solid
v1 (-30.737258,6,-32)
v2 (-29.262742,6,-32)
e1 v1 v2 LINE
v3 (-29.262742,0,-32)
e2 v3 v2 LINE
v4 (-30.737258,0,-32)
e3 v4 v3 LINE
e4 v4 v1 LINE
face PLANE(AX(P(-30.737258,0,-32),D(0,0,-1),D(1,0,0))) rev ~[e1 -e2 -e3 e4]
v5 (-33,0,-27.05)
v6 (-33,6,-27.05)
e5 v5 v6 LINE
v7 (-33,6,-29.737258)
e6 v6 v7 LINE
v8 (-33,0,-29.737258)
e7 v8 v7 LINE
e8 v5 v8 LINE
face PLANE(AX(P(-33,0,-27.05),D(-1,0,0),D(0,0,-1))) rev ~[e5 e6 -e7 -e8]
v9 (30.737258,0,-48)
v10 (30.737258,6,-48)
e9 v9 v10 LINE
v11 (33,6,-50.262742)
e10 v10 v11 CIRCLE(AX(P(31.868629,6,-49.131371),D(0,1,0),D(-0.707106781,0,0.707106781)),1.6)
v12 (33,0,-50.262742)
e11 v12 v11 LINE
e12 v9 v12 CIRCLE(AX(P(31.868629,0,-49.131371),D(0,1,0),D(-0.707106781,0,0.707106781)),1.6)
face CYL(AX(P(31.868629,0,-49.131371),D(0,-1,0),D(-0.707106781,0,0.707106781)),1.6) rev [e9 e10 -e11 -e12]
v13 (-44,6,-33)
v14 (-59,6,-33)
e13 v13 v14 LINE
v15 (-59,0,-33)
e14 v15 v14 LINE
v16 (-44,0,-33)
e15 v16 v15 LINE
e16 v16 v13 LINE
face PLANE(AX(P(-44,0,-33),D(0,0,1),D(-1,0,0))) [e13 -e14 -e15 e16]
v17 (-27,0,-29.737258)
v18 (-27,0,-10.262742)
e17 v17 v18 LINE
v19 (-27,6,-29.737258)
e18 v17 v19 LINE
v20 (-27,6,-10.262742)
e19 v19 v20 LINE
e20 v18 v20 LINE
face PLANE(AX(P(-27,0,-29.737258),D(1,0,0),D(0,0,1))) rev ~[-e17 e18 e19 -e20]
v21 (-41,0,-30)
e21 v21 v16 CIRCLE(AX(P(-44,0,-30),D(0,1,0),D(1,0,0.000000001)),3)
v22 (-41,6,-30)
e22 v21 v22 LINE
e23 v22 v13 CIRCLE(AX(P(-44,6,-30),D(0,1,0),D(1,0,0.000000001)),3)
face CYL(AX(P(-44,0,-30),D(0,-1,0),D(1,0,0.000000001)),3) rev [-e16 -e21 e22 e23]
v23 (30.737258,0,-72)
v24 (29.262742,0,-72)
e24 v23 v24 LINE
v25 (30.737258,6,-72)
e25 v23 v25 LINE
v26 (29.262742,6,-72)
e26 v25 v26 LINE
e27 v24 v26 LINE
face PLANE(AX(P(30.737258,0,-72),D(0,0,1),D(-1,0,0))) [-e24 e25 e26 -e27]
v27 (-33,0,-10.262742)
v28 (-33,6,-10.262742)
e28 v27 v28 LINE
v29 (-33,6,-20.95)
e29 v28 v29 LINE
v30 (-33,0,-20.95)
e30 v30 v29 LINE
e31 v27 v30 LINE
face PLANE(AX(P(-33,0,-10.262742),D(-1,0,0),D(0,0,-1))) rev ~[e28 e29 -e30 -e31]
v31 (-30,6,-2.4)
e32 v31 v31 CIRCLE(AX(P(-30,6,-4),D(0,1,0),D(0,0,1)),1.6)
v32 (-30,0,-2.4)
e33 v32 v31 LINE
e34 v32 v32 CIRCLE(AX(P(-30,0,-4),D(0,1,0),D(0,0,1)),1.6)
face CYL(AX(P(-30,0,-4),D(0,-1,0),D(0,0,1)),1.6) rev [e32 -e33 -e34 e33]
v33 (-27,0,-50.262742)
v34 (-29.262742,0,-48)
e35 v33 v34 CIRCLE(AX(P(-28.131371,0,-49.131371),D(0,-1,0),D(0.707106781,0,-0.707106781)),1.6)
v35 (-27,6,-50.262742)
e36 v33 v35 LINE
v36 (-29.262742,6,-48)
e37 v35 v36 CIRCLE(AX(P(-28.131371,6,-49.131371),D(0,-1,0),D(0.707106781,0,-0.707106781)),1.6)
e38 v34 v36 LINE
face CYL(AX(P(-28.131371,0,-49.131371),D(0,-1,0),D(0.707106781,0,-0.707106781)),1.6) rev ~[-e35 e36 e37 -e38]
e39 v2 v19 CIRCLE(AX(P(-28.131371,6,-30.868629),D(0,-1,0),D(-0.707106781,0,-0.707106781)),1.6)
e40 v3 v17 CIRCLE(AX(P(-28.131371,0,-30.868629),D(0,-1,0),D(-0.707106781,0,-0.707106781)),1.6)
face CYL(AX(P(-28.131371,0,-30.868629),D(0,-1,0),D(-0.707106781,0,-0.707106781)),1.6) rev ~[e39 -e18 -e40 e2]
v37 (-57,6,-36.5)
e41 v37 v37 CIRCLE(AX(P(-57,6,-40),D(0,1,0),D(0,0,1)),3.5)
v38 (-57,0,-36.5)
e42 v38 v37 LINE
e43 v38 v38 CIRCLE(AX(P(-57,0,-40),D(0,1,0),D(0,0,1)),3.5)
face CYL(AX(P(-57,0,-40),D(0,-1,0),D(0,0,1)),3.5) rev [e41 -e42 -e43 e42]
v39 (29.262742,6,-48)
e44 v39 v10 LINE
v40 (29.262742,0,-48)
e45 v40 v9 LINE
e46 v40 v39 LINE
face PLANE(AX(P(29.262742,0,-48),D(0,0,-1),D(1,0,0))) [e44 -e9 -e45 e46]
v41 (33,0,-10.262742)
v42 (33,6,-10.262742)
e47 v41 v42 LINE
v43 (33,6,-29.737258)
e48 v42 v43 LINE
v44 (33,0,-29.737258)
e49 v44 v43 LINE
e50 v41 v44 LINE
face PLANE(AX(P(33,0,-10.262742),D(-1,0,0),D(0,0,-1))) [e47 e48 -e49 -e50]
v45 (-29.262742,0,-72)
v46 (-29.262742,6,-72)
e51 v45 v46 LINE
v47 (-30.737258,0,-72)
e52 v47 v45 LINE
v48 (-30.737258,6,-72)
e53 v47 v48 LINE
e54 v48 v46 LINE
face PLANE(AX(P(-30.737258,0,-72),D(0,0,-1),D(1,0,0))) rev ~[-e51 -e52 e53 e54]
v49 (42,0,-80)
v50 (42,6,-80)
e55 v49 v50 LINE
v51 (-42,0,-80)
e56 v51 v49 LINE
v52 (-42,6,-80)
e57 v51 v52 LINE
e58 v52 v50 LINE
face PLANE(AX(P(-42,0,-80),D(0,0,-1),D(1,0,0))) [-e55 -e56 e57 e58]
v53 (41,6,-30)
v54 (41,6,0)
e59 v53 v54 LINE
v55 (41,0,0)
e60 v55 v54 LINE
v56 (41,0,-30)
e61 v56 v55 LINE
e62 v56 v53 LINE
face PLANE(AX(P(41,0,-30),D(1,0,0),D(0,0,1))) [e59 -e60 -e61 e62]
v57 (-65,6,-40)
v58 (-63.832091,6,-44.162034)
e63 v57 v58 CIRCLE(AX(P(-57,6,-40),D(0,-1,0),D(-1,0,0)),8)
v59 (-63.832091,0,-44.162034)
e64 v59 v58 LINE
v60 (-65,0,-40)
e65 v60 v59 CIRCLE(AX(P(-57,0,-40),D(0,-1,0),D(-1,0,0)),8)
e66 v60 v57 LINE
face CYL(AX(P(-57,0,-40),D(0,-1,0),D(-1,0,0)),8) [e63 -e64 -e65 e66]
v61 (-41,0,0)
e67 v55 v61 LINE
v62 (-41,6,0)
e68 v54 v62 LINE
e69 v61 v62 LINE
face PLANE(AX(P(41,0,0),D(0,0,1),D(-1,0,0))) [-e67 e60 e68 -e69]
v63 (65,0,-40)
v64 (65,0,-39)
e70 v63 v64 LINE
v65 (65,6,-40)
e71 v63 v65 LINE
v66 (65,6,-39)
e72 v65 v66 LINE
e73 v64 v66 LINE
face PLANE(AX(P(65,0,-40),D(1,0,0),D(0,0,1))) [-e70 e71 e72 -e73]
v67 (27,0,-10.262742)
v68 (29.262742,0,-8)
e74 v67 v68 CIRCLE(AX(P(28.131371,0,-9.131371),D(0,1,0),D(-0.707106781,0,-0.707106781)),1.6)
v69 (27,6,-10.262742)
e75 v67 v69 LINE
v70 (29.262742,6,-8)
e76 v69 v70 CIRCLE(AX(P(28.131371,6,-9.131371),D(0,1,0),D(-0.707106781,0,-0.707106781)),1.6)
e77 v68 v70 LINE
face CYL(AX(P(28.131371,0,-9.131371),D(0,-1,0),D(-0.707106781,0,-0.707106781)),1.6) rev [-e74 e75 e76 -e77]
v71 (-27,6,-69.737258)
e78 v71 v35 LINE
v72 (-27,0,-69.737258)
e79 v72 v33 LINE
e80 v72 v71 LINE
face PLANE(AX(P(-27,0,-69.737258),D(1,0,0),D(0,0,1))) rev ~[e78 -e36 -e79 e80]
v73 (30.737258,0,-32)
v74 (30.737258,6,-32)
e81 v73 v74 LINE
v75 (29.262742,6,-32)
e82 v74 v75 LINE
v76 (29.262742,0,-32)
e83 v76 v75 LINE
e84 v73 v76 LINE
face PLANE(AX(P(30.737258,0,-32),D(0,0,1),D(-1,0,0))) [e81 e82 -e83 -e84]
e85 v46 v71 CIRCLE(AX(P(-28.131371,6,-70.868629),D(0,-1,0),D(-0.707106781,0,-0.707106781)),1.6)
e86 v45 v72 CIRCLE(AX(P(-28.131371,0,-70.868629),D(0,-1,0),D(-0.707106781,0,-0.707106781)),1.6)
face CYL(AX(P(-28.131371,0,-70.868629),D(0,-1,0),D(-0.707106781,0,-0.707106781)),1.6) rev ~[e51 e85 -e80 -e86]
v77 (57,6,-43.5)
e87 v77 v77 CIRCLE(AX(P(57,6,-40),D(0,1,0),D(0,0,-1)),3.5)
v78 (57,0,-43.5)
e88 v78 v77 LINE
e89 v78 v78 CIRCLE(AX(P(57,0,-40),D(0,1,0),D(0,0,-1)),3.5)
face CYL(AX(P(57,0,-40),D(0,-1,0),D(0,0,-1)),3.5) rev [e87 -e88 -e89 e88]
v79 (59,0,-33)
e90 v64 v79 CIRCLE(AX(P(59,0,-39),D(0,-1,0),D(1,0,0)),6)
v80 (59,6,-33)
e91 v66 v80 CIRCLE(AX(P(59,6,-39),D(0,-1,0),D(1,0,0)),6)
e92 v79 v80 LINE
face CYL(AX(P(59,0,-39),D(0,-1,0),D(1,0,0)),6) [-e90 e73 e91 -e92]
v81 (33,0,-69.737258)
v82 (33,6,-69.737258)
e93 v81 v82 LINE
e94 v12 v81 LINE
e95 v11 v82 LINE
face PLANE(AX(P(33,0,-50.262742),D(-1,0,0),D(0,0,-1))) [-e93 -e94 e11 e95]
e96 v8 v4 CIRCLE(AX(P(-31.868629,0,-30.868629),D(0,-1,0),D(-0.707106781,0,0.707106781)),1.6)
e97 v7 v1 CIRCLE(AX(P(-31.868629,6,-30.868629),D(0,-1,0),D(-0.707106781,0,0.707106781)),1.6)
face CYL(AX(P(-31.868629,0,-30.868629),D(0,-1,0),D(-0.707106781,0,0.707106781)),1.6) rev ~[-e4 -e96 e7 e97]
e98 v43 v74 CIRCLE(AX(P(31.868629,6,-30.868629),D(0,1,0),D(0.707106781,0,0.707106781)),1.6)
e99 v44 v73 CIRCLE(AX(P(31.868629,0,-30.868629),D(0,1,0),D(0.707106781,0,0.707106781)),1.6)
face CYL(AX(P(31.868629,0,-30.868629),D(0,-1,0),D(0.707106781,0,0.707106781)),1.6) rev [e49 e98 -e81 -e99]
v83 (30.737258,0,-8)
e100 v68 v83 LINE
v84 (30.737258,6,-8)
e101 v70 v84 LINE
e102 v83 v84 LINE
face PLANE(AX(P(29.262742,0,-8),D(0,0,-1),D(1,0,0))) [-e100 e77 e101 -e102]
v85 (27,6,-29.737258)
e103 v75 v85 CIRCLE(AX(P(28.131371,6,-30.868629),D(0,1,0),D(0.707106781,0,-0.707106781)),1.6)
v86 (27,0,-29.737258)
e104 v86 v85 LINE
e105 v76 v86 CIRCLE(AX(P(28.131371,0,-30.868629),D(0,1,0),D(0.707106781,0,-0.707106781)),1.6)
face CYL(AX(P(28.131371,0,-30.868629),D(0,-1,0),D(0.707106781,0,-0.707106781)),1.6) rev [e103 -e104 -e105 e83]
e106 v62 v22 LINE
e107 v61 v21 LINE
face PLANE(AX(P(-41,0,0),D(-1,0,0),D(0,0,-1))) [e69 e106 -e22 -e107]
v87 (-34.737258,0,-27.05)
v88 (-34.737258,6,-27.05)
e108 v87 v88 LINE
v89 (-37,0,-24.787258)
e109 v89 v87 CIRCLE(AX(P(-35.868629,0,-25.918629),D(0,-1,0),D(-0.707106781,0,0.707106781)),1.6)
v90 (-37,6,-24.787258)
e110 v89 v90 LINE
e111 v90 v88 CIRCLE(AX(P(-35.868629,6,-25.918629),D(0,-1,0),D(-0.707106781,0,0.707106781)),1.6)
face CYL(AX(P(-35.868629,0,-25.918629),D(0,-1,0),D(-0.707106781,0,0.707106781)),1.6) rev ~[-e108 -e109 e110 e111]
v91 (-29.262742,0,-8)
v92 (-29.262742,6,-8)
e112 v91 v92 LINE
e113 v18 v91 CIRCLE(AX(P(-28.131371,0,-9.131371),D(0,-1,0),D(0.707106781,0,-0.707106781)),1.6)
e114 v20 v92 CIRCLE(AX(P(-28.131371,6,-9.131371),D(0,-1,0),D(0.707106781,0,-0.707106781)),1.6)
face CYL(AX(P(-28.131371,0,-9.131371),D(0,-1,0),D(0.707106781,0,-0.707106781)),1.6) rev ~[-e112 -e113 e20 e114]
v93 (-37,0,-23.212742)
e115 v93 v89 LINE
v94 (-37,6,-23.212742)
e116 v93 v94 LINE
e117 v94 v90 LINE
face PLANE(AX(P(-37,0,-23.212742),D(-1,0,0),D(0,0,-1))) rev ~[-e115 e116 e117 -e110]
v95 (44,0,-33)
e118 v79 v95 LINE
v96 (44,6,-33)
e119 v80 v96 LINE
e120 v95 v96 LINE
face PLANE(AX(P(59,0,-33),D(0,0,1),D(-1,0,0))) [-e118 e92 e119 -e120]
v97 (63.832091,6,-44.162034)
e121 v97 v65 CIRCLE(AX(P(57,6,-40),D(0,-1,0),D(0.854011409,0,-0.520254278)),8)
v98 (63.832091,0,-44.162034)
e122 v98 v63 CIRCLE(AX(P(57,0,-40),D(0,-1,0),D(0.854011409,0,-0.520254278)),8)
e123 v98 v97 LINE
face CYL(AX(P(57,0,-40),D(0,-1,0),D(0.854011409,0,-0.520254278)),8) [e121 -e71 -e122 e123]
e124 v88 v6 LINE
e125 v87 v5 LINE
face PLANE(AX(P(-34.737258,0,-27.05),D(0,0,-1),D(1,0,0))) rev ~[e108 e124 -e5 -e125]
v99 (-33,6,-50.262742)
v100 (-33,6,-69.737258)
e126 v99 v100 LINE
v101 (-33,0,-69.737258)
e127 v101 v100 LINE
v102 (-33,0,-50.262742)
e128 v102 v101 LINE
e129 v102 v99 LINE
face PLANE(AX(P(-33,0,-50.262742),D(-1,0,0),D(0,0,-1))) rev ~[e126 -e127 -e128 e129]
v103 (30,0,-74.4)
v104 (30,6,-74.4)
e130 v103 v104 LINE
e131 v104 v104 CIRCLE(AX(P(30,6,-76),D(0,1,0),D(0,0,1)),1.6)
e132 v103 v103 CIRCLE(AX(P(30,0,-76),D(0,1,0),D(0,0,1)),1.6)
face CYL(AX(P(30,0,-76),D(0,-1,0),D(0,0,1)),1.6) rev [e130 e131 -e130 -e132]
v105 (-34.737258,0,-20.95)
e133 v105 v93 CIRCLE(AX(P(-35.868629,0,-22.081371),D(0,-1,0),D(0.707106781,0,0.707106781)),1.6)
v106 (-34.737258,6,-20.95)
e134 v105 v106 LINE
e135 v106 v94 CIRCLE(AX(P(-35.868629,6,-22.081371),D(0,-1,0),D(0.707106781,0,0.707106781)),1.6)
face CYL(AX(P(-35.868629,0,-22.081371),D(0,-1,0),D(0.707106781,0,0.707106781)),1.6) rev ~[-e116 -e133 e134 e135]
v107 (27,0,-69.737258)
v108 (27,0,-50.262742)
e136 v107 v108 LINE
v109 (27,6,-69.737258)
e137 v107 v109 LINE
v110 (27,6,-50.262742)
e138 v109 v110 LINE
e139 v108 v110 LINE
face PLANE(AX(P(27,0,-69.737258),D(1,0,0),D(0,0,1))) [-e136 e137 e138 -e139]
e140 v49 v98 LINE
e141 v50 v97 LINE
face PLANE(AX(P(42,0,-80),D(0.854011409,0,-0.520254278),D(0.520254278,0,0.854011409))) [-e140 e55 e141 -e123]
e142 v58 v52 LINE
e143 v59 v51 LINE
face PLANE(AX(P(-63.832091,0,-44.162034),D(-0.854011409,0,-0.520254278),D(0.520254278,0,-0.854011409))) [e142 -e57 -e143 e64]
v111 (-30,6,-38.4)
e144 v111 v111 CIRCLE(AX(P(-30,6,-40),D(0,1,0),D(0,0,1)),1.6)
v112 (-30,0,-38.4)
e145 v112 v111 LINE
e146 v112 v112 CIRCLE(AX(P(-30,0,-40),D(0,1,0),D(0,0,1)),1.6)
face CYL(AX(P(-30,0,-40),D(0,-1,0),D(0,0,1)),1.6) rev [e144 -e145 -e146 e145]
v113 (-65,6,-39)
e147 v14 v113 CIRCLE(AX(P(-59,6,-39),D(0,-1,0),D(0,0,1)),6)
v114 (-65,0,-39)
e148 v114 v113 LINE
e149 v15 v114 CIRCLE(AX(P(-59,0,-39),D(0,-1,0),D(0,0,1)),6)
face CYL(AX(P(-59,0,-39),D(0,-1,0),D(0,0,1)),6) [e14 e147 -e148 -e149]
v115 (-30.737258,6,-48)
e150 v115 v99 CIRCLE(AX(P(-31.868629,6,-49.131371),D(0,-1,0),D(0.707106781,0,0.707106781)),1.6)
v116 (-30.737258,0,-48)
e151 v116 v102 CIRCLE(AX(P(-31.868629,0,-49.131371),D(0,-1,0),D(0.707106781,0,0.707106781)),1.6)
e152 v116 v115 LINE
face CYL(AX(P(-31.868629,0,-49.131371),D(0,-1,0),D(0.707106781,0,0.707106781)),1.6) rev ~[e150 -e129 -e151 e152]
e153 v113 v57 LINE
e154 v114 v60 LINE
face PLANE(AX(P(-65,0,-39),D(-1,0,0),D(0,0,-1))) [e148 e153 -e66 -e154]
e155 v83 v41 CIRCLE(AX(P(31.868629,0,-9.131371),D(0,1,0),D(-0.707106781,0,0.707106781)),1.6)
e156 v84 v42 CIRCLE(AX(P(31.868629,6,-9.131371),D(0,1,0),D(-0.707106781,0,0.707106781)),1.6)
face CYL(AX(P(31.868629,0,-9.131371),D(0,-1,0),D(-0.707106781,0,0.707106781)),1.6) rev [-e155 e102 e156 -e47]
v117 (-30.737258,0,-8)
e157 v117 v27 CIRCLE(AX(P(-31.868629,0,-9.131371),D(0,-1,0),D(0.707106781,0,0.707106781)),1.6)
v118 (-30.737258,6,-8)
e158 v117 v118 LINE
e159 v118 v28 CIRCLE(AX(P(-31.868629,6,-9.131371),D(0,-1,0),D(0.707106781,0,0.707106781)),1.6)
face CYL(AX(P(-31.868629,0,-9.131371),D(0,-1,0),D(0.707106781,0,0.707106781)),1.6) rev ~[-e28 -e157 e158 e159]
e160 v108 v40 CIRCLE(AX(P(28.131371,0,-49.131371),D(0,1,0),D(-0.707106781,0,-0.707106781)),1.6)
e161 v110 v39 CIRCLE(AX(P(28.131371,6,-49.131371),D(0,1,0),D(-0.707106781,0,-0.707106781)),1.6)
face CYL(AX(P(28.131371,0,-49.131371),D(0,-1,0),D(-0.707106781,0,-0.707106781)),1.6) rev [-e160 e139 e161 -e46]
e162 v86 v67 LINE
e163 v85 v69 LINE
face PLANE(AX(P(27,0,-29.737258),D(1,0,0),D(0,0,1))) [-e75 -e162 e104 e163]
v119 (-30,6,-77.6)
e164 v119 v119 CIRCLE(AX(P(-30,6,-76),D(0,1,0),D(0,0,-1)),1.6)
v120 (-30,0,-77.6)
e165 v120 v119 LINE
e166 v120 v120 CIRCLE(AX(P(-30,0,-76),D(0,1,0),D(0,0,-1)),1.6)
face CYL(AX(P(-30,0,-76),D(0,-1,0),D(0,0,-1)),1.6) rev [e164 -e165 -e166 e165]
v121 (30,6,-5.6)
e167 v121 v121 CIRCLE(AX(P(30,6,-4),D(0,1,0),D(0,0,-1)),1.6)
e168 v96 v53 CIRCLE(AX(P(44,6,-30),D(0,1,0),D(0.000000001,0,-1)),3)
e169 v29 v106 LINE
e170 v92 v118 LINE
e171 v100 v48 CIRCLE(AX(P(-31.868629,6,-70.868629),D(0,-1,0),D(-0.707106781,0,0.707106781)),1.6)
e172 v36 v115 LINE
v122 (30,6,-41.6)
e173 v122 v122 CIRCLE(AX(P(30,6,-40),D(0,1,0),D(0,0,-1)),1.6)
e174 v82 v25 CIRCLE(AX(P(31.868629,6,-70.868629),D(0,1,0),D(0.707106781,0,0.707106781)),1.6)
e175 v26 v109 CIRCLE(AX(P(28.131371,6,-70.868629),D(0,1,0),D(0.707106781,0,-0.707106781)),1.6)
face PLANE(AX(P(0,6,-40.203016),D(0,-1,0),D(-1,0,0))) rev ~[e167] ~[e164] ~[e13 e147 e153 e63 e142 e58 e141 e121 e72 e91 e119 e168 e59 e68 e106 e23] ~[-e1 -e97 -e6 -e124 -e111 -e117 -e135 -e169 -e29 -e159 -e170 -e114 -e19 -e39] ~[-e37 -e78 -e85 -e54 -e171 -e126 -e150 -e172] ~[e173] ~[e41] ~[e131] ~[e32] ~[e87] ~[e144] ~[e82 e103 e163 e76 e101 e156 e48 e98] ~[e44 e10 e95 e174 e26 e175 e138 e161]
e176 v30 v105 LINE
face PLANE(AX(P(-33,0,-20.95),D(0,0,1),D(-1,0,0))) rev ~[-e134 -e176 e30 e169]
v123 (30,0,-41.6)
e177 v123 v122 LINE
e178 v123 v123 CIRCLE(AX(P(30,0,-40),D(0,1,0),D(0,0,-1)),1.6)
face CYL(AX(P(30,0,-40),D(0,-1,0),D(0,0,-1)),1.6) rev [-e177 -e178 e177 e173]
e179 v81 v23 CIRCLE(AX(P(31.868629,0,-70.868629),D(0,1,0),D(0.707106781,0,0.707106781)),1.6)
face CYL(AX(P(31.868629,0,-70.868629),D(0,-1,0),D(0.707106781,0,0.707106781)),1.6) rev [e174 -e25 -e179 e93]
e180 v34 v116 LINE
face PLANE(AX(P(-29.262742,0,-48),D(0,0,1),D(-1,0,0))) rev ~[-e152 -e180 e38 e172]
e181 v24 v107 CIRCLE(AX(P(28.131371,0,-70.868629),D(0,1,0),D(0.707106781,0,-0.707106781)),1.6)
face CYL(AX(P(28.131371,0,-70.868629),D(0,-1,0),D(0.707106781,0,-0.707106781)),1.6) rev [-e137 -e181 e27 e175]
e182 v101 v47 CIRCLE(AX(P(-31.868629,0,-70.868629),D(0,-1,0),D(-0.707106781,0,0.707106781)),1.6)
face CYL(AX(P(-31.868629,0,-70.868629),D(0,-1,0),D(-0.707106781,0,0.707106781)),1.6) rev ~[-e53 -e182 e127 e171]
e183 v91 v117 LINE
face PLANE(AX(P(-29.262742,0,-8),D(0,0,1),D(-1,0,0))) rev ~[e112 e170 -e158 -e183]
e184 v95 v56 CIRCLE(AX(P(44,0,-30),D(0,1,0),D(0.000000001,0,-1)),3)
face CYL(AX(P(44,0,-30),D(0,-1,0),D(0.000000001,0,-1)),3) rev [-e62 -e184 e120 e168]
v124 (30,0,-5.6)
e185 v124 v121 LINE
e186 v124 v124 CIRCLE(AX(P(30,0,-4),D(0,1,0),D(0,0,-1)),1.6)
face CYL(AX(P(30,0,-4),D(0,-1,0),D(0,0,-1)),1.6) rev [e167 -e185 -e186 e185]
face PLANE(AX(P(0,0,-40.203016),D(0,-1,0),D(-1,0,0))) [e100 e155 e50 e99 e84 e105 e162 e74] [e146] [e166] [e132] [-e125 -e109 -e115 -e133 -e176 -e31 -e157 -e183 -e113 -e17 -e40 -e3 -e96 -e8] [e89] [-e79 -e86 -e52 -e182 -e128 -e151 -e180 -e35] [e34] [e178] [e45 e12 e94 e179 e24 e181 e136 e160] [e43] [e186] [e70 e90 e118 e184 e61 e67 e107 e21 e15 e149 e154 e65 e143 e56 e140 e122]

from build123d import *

# Parameters (mm, degrees)
ESQUISSE1_R      = 1.6
ESQUISSE1_R_2    = 3.5
EXTRUSION1_DEPTH = 6


with BuildPart() as part:
    # Esquisse1 → Extrusion1 (new body)
    with BuildSketch(Plane(origin=(0, 0, 0), x_dir=(1, 0, 0), z_dir=(0, 1, 0))):
        with BuildLine():
            Line((42, 80), (63.832091269, 44.162034226))
            ThreePointArc((63.832091269, 44.162034226), (64.702490836, 42.161396522), (65, 40))
            Line((65, 40), (65, 39))
            ThreePointArc((65, 39), (63.242640687, 34.757359313), (59, 33))
            Line((59, 33), (44, 33))
            ThreePointArc((44, 33), (41.878679656, 32.121320344), (41, 30))
            Line((41, 30), (41, 0))
            Line((41, 0), (-41, 0))
            Line((-41, 0), (-41, 30))
            ThreePointArc((-41, 30), (-41.878679656, 32.121320344), (-44, 33))
            Line((-44, 33), (-59, 33))
            ThreePointArc((-59, 33), (-63.242640687, 34.757359313), (-65, 39))
            Line((-65, 39), (-65, 40))
            ThreePointArc((-65, 40), (-64.702490836, 42.161396522), (-63.832091269, 44.162034226))
            Line((-63.832091269, 44.162034226), (-42, 80))
            Line((-42, 80), (42, 80))
        make_face()
        with Locations(Location((-30, 4, 0), (0, 0, 270))):  # turned: the seam where the file's is
            Circle(ESQUISSE1_R, mode=Mode.SUBTRACT)
        with Locations(Location((-30, 76, 0), (0, 0, 90))):  # turned: the seam where the file's is
            Circle(ESQUISSE1_R, mode=Mode.SUBTRACT)
        with Locations(Location((-30, 40, 0), (0, 0, 270))):  # turned: the seam where the file's is
            Circle(ESQUISSE1_R, mode=Mode.SUBTRACT)
        with Locations(Location((57, 40, 0), (0, 0, 90))):  # turned: the seam where the file's is
            Circle(ESQUISSE1_R_2, mode=Mode.SUBTRACT)
        with Locations(Location((30, 4, 0), (0, 0, 90))):  # turned: the seam where the file's is
            Circle(ESQUISSE1_R, mode=Mode.SUBTRACT)
        with Locations(Location((30, 40, 0), (0, 0, 90))):  # turned: the seam where the file's is
            Circle(ESQUISSE1_R, mode=Mode.SUBTRACT)
        with Locations(Location((-57, 40, 0), (0, 0, 270))):  # turned: the seam where the file's is
            Circle(ESQUISSE1_R_2, mode=Mode.SUBTRACT)
        with Locations(Location((30, 76, 0), (0, 0, 270))):  # turned: the seam where the file's is
            Circle(ESQUISSE1_R, mode=Mode.SUBTRACT)
        with BuildLine():
            Line((-33, 50.2627417), (-33, 69.7372583))
            ThreePointArc((-33, 69.7372583), (-33, 72), (-30.7372583, 72))
            Line((-30.7372583, 72), (-29.2627417, 72))
            ThreePointArc((-29.2627417, 72), (-27, 72), (-27, 69.7372583))
            Line((-27, 69.7372583), (-27, 50.2627417))
            ThreePointArc((-27, 50.2627417), (-27, 48), (-29.2627417, 48))
            Line((-29.2627417, 48), (-30.7372583, 48))
            ThreePointArc((-30.7372583, 48), (-33, 48), (-33, 50.2627417))
        make_face(mode=Mode.SUBTRACT)
        with BuildLine():
            Line((-30.7372583, 32), (-29.2627417, 32))
            ThreePointArc((-29.2627417, 32), (-27, 32), (-27, 29.7372583))
            Line((-27, 29.7372583), (-27, 10.2627417))
            ThreePointArc((-27, 10.2627417), (-27, 8), (-29.2627417, 8))
            Line((-29.2627417, 8), (-30.7372583, 8))
            ThreePointArc((-30.7372583, 8), (-33, 8), (-33, 10.2627417))
            Line((-33, 10.2627417), (-33, 20.95))
            Line((-33, 20.95), (-34.7372583, 20.95))
            ThreePointArc((-34.7372583, 20.95), (-37, 20.95), (-37, 23.2127417))
            Line((-37, 23.2127417), (-37, 24.7872583))
            ThreePointArc((-37, 24.7872583), (-37, 27.05), (-34.7372583, 27.05))
            Line((-34.7372583, 27.05), (-33, 27.05))
            Line((-33, 27.05), (-33, 29.7372583))
            ThreePointArc((-33, 29.7372583), (-33, 32), (-30.7372583, 32))
        make_face(mode=Mode.SUBTRACT)
        with BuildLine():
            Line((30.7372583, 72), (29.2627417, 72))
            ThreePointArc((29.2627417, 72), (27, 72), (27, 69.7372583))
            Line((27, 69.7372583), (27, 50.2627417))
            ThreePointArc((27, 50.2627417), (27, 48), (29.2627417, 48))
            Line((29.2627417, 48), (30.7372583, 48))
            ThreePointArc((30.7372583, 48), (33, 48), (33, 50.2627417))
            Line((33, 50.2627417), (33, 69.7372583))
            ThreePointArc((33, 69.7372583), (33, 72), (30.7372583, 72))
        make_face(mode=Mode.SUBTRACT)
        with BuildLine():
            Line((27, 29.7372583), (27, 10.2627417))
            ThreePointArc((27, 10.2627417), (27, 8), (29.2627417, 8))
            Line((29.2627417, 8), (30.7372583, 8))
            ThreePointArc((30.7372583, 8), (33, 8), (33, 10.2627417))
            Line((33, 10.2627417), (33, 29.7372583))
            ThreePointArc((33, 29.7372583), (33, 32), (30.7372583, 32))
            Line((30.7372583, 32), (29.2627417, 32))
            ThreePointArc((29.2627417, 32), (27, 32), (27, 29.7372583))
        make_face(mode=Mode.SUBTRACT)
    extrude(amount=EXTRUSION1_DEPTH)


solid = part.part
